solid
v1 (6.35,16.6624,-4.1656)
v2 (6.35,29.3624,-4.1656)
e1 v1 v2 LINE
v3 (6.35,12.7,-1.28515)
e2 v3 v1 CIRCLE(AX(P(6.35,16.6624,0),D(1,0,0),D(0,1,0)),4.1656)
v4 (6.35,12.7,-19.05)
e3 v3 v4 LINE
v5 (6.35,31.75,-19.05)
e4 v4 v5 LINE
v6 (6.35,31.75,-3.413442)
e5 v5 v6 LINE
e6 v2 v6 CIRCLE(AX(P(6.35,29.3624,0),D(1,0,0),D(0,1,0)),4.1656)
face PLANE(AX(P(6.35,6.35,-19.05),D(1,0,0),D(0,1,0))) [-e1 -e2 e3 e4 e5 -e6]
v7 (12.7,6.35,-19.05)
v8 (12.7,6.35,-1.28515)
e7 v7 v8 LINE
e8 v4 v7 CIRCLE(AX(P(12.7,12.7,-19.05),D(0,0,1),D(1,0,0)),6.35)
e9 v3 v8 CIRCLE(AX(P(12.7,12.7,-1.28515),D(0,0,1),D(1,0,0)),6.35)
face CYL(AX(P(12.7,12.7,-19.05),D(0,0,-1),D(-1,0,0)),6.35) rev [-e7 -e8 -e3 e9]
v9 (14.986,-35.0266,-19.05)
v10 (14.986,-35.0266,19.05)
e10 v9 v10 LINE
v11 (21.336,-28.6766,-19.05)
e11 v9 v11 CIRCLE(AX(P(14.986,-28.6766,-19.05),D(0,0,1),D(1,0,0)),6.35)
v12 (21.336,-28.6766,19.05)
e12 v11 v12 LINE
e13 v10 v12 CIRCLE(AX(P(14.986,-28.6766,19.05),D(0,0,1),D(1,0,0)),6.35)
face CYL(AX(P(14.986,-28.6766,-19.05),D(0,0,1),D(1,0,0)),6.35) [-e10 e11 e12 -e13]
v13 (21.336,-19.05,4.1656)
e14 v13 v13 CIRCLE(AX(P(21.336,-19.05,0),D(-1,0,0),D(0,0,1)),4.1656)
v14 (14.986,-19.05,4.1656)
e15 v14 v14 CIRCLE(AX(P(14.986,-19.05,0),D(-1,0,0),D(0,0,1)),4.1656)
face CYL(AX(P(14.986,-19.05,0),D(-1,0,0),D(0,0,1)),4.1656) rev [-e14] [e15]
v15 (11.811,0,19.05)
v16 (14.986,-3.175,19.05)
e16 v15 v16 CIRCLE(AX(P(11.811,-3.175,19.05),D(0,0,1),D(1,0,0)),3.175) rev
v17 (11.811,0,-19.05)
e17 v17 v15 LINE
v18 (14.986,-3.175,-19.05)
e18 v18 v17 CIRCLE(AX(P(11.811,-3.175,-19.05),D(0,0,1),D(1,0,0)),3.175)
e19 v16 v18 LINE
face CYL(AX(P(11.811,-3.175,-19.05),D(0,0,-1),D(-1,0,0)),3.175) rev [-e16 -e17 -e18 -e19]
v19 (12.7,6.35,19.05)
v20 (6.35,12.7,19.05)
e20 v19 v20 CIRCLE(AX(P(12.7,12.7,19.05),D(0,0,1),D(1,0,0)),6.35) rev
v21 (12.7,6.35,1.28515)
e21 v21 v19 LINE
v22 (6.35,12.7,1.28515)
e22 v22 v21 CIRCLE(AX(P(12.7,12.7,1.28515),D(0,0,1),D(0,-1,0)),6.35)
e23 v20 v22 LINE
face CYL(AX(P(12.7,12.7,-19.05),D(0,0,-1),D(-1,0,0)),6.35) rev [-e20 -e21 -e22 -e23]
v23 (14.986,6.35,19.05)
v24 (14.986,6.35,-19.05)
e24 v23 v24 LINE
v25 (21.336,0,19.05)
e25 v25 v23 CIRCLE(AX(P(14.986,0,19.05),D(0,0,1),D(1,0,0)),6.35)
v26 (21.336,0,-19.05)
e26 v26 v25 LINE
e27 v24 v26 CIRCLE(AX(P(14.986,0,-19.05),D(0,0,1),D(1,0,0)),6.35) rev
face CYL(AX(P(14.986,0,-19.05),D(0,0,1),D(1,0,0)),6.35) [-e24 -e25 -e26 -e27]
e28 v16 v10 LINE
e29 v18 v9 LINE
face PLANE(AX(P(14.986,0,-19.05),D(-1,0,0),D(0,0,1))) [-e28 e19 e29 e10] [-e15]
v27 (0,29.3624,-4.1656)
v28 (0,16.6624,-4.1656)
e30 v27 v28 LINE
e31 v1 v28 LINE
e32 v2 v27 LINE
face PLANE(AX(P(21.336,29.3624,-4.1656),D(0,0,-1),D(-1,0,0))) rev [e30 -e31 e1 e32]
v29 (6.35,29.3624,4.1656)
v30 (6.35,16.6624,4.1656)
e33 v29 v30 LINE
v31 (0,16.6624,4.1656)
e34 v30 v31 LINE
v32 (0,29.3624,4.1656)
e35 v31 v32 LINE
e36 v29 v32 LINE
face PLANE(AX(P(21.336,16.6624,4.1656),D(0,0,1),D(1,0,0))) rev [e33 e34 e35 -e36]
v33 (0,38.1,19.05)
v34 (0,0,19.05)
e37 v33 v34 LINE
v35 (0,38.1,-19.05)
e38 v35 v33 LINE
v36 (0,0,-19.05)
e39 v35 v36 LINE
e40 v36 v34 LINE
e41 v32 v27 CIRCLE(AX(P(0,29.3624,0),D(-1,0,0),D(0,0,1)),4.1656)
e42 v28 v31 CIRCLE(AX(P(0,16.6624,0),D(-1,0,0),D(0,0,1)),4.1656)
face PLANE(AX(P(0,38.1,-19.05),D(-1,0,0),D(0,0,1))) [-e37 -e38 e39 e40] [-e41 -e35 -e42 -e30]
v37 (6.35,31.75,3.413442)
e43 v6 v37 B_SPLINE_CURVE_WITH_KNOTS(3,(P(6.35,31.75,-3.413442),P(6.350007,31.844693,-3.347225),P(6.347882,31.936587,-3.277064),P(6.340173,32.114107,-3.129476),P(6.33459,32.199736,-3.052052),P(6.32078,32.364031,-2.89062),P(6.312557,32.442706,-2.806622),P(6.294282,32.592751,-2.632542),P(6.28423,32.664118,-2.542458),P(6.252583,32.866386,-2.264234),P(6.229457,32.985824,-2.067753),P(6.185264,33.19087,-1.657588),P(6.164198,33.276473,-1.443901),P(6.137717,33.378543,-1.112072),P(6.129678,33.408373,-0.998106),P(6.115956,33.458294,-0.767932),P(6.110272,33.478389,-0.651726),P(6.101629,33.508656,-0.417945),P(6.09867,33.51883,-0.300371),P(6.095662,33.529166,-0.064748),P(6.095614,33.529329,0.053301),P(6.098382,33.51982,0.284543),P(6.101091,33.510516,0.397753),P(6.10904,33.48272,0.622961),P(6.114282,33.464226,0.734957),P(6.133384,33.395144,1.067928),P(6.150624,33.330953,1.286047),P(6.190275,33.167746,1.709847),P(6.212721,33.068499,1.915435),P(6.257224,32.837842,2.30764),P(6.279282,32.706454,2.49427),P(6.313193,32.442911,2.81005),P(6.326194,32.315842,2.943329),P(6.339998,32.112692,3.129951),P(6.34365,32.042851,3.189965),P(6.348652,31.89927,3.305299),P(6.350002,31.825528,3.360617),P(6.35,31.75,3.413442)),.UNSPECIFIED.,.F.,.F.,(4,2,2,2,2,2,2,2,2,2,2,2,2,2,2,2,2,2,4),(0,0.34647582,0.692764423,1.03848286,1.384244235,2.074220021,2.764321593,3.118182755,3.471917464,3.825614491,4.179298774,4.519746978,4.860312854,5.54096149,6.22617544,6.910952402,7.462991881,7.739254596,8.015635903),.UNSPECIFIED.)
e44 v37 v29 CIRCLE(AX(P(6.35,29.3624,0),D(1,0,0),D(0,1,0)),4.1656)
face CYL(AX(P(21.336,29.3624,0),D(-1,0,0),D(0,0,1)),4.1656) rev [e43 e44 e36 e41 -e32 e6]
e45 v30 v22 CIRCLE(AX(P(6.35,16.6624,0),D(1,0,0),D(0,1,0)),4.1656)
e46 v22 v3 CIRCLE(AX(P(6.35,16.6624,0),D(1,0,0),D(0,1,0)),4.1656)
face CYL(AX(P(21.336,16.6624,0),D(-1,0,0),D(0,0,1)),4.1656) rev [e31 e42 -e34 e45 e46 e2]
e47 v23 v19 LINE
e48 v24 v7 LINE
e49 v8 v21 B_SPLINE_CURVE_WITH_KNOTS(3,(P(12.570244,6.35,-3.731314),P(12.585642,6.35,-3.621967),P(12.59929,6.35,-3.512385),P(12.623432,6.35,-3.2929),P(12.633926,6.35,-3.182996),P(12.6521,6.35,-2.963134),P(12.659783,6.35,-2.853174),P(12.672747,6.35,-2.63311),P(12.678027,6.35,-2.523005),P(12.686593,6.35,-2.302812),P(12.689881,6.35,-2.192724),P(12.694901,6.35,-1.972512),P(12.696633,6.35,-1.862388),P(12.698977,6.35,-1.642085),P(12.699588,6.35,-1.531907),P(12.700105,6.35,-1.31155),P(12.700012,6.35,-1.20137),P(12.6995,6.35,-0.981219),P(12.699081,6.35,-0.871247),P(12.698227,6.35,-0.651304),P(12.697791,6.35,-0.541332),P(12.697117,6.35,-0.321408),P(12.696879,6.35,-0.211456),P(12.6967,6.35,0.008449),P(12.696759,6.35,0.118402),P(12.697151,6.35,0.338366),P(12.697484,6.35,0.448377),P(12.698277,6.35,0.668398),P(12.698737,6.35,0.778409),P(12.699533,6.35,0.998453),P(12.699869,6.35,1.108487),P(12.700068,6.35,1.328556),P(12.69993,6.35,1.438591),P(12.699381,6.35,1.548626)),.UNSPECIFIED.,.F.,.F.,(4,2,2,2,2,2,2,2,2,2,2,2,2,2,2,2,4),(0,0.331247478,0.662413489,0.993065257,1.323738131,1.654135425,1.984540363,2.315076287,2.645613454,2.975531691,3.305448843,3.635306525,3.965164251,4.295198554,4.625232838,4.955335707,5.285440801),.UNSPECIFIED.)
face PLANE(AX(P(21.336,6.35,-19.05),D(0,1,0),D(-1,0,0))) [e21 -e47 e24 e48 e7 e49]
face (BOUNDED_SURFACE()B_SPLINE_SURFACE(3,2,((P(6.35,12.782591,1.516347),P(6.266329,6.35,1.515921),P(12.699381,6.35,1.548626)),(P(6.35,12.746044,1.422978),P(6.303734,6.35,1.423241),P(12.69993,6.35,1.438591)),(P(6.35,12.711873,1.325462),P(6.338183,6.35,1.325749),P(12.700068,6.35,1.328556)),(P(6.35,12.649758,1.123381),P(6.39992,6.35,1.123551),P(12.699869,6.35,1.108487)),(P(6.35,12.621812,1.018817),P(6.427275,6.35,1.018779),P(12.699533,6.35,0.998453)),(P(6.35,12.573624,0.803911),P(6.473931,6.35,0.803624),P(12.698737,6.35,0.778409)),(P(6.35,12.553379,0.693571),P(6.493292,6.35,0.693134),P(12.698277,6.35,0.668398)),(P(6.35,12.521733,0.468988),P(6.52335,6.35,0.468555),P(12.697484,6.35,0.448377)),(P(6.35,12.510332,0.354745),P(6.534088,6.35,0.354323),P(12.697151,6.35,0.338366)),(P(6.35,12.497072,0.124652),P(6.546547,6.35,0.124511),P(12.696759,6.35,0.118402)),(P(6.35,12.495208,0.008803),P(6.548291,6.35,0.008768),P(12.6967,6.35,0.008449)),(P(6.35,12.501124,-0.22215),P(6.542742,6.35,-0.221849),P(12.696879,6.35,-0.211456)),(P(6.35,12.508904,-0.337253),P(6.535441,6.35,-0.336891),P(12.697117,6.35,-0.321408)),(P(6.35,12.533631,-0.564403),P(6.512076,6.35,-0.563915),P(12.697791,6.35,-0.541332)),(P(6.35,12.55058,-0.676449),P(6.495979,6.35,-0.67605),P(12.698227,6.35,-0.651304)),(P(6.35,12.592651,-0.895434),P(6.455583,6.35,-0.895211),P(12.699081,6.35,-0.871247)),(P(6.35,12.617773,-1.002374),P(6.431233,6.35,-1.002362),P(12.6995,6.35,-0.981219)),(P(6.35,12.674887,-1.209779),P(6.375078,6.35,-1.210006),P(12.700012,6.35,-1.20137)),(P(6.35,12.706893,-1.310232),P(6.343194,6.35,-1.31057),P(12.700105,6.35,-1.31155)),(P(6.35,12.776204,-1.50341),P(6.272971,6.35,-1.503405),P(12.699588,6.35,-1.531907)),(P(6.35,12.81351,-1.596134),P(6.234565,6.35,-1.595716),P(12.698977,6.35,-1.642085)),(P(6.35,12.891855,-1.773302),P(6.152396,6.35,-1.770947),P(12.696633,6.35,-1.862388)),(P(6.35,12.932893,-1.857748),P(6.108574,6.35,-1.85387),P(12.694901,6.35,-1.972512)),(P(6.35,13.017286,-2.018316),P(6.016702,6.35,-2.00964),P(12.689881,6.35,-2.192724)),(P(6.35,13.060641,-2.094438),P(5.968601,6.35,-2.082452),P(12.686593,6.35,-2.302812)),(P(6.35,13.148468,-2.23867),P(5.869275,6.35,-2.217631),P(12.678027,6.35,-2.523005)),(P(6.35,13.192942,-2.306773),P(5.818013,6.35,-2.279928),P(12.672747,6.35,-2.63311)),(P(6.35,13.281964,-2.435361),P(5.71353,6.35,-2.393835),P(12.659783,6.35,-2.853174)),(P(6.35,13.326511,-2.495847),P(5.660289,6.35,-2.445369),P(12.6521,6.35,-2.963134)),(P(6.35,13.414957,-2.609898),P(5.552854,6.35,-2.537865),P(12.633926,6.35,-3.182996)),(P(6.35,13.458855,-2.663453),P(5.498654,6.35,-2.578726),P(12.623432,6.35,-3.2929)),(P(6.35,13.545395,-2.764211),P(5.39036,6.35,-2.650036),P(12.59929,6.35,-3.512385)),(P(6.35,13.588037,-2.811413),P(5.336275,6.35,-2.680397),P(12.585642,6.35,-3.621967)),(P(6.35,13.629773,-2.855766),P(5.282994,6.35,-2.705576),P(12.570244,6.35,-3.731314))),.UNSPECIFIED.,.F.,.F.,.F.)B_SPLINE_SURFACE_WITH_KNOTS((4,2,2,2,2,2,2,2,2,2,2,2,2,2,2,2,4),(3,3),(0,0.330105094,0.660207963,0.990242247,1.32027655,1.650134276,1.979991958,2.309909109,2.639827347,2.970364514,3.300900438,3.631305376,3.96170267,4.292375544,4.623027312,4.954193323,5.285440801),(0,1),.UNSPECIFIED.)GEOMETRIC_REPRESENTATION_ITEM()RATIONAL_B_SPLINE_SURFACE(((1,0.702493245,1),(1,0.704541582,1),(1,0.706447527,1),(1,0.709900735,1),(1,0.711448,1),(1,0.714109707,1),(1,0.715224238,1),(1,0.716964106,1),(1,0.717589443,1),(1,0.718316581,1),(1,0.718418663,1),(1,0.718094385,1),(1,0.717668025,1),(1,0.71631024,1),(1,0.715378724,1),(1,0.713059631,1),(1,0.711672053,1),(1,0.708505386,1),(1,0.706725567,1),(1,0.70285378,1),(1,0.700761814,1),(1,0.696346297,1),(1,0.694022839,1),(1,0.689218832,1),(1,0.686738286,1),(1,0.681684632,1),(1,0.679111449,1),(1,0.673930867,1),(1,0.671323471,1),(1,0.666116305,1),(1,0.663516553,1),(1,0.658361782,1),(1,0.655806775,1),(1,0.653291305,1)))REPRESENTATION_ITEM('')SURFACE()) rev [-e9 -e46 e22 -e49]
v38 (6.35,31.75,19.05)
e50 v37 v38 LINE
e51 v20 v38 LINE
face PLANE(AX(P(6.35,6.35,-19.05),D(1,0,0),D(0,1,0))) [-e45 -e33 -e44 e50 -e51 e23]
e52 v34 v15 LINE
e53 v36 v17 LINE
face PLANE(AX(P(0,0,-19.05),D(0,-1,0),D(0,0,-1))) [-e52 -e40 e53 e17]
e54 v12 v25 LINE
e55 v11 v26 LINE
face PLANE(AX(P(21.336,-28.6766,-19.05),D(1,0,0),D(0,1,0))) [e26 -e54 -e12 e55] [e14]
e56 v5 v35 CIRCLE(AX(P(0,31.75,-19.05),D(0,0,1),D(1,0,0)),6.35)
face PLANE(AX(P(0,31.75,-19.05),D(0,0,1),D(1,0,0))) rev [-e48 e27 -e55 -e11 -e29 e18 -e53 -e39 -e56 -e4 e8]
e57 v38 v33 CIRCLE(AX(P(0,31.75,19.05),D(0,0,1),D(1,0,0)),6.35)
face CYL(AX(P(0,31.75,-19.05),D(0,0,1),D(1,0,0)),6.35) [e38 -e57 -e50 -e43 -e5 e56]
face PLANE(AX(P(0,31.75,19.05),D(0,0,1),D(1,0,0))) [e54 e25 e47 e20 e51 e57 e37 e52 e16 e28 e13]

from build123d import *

# Parameters (mm, degrees)
BOSS_EXTRUDE1_DEPTH      = 38.1
CUT_EXTRUDE1_DEPTH       = 48.641761051
F_5_16_CLEARANCE_HOLE1_D = 8.3312
FILLET1_R                = 3.175
FILLET2_R                = 6.35


with BuildPart() as part:
    # Sketch1 → Boss-Extrude1 (new body)
    with BuildSketch(Plane.XY.offset(19.05)):
        with BuildLine():
            Line((0, 38.1), (0, 0))
            Line((0, 0), (14.986, 0))
            Line((14.986, 0), (14.986, -35.0266))
            ThreePointArc((14.986, -35.0266), (19.476128061, -33.166728061), (21.336, -28.6766))
            Line((21.336, -28.6766), (21.336, 6.35))
            Line((21.336, 6.35), (6.35, 6.35))
            Line((6.35, 6.35), (6.35, 31.75))
            ThreePointArc((6.35, 31.75), (4.490128061, 36.240128061), (0, 38.1))
        make_face()
    extrude(amount=-BOSS_EXTRUDE1_DEPTH)

    # Sketch2 → Cut-Extrude1 (cut, through all)
    with BuildSketch(Plane.ZY):
        with BuildLine():
            Line((-4.1656, 29.3624), (-4.1656, 16.6624))
            ThreePointArc((-4.1656, 16.6624), (0, 12.4968), (4.1656, 16.6624))
            Line((4.1656, 16.6624), (4.1656, 29.3624))
            ThreePointArc((4.1656, 29.3624), (0, 33.528), (-4.1656, 29.3624))
        make_face()
    extrude(amount=-CUT_EXTRUDE1_DEPTH, mode=Mode.SUBTRACT)

    # 5/16 Clearance Hole1 (through all)
    with Locations(Plane.ZY.offset(-14.986)):
        with Locations((0, -19.05)):
            Hole(F_5_16_CLEARANCE_HOLE1_D / 2)

    # Fillet1
    fillet1_edges = [part.edges().sort_by_distance(p)[0] for p in [
        (14.986, 0, 0),
    ]]
    fillet(fillet1_edges, radius=FILLET1_R)

    # Fillet2
    fillet2_edges = [part.edges().sort_by_distance(p)[0] for p in [
        (6.35, 6.35, 0),
        (21.336, 6.35, 0),
    ]]
    fillet(fillet2_edges, radius=FILLET2_R)


solid = part.part
